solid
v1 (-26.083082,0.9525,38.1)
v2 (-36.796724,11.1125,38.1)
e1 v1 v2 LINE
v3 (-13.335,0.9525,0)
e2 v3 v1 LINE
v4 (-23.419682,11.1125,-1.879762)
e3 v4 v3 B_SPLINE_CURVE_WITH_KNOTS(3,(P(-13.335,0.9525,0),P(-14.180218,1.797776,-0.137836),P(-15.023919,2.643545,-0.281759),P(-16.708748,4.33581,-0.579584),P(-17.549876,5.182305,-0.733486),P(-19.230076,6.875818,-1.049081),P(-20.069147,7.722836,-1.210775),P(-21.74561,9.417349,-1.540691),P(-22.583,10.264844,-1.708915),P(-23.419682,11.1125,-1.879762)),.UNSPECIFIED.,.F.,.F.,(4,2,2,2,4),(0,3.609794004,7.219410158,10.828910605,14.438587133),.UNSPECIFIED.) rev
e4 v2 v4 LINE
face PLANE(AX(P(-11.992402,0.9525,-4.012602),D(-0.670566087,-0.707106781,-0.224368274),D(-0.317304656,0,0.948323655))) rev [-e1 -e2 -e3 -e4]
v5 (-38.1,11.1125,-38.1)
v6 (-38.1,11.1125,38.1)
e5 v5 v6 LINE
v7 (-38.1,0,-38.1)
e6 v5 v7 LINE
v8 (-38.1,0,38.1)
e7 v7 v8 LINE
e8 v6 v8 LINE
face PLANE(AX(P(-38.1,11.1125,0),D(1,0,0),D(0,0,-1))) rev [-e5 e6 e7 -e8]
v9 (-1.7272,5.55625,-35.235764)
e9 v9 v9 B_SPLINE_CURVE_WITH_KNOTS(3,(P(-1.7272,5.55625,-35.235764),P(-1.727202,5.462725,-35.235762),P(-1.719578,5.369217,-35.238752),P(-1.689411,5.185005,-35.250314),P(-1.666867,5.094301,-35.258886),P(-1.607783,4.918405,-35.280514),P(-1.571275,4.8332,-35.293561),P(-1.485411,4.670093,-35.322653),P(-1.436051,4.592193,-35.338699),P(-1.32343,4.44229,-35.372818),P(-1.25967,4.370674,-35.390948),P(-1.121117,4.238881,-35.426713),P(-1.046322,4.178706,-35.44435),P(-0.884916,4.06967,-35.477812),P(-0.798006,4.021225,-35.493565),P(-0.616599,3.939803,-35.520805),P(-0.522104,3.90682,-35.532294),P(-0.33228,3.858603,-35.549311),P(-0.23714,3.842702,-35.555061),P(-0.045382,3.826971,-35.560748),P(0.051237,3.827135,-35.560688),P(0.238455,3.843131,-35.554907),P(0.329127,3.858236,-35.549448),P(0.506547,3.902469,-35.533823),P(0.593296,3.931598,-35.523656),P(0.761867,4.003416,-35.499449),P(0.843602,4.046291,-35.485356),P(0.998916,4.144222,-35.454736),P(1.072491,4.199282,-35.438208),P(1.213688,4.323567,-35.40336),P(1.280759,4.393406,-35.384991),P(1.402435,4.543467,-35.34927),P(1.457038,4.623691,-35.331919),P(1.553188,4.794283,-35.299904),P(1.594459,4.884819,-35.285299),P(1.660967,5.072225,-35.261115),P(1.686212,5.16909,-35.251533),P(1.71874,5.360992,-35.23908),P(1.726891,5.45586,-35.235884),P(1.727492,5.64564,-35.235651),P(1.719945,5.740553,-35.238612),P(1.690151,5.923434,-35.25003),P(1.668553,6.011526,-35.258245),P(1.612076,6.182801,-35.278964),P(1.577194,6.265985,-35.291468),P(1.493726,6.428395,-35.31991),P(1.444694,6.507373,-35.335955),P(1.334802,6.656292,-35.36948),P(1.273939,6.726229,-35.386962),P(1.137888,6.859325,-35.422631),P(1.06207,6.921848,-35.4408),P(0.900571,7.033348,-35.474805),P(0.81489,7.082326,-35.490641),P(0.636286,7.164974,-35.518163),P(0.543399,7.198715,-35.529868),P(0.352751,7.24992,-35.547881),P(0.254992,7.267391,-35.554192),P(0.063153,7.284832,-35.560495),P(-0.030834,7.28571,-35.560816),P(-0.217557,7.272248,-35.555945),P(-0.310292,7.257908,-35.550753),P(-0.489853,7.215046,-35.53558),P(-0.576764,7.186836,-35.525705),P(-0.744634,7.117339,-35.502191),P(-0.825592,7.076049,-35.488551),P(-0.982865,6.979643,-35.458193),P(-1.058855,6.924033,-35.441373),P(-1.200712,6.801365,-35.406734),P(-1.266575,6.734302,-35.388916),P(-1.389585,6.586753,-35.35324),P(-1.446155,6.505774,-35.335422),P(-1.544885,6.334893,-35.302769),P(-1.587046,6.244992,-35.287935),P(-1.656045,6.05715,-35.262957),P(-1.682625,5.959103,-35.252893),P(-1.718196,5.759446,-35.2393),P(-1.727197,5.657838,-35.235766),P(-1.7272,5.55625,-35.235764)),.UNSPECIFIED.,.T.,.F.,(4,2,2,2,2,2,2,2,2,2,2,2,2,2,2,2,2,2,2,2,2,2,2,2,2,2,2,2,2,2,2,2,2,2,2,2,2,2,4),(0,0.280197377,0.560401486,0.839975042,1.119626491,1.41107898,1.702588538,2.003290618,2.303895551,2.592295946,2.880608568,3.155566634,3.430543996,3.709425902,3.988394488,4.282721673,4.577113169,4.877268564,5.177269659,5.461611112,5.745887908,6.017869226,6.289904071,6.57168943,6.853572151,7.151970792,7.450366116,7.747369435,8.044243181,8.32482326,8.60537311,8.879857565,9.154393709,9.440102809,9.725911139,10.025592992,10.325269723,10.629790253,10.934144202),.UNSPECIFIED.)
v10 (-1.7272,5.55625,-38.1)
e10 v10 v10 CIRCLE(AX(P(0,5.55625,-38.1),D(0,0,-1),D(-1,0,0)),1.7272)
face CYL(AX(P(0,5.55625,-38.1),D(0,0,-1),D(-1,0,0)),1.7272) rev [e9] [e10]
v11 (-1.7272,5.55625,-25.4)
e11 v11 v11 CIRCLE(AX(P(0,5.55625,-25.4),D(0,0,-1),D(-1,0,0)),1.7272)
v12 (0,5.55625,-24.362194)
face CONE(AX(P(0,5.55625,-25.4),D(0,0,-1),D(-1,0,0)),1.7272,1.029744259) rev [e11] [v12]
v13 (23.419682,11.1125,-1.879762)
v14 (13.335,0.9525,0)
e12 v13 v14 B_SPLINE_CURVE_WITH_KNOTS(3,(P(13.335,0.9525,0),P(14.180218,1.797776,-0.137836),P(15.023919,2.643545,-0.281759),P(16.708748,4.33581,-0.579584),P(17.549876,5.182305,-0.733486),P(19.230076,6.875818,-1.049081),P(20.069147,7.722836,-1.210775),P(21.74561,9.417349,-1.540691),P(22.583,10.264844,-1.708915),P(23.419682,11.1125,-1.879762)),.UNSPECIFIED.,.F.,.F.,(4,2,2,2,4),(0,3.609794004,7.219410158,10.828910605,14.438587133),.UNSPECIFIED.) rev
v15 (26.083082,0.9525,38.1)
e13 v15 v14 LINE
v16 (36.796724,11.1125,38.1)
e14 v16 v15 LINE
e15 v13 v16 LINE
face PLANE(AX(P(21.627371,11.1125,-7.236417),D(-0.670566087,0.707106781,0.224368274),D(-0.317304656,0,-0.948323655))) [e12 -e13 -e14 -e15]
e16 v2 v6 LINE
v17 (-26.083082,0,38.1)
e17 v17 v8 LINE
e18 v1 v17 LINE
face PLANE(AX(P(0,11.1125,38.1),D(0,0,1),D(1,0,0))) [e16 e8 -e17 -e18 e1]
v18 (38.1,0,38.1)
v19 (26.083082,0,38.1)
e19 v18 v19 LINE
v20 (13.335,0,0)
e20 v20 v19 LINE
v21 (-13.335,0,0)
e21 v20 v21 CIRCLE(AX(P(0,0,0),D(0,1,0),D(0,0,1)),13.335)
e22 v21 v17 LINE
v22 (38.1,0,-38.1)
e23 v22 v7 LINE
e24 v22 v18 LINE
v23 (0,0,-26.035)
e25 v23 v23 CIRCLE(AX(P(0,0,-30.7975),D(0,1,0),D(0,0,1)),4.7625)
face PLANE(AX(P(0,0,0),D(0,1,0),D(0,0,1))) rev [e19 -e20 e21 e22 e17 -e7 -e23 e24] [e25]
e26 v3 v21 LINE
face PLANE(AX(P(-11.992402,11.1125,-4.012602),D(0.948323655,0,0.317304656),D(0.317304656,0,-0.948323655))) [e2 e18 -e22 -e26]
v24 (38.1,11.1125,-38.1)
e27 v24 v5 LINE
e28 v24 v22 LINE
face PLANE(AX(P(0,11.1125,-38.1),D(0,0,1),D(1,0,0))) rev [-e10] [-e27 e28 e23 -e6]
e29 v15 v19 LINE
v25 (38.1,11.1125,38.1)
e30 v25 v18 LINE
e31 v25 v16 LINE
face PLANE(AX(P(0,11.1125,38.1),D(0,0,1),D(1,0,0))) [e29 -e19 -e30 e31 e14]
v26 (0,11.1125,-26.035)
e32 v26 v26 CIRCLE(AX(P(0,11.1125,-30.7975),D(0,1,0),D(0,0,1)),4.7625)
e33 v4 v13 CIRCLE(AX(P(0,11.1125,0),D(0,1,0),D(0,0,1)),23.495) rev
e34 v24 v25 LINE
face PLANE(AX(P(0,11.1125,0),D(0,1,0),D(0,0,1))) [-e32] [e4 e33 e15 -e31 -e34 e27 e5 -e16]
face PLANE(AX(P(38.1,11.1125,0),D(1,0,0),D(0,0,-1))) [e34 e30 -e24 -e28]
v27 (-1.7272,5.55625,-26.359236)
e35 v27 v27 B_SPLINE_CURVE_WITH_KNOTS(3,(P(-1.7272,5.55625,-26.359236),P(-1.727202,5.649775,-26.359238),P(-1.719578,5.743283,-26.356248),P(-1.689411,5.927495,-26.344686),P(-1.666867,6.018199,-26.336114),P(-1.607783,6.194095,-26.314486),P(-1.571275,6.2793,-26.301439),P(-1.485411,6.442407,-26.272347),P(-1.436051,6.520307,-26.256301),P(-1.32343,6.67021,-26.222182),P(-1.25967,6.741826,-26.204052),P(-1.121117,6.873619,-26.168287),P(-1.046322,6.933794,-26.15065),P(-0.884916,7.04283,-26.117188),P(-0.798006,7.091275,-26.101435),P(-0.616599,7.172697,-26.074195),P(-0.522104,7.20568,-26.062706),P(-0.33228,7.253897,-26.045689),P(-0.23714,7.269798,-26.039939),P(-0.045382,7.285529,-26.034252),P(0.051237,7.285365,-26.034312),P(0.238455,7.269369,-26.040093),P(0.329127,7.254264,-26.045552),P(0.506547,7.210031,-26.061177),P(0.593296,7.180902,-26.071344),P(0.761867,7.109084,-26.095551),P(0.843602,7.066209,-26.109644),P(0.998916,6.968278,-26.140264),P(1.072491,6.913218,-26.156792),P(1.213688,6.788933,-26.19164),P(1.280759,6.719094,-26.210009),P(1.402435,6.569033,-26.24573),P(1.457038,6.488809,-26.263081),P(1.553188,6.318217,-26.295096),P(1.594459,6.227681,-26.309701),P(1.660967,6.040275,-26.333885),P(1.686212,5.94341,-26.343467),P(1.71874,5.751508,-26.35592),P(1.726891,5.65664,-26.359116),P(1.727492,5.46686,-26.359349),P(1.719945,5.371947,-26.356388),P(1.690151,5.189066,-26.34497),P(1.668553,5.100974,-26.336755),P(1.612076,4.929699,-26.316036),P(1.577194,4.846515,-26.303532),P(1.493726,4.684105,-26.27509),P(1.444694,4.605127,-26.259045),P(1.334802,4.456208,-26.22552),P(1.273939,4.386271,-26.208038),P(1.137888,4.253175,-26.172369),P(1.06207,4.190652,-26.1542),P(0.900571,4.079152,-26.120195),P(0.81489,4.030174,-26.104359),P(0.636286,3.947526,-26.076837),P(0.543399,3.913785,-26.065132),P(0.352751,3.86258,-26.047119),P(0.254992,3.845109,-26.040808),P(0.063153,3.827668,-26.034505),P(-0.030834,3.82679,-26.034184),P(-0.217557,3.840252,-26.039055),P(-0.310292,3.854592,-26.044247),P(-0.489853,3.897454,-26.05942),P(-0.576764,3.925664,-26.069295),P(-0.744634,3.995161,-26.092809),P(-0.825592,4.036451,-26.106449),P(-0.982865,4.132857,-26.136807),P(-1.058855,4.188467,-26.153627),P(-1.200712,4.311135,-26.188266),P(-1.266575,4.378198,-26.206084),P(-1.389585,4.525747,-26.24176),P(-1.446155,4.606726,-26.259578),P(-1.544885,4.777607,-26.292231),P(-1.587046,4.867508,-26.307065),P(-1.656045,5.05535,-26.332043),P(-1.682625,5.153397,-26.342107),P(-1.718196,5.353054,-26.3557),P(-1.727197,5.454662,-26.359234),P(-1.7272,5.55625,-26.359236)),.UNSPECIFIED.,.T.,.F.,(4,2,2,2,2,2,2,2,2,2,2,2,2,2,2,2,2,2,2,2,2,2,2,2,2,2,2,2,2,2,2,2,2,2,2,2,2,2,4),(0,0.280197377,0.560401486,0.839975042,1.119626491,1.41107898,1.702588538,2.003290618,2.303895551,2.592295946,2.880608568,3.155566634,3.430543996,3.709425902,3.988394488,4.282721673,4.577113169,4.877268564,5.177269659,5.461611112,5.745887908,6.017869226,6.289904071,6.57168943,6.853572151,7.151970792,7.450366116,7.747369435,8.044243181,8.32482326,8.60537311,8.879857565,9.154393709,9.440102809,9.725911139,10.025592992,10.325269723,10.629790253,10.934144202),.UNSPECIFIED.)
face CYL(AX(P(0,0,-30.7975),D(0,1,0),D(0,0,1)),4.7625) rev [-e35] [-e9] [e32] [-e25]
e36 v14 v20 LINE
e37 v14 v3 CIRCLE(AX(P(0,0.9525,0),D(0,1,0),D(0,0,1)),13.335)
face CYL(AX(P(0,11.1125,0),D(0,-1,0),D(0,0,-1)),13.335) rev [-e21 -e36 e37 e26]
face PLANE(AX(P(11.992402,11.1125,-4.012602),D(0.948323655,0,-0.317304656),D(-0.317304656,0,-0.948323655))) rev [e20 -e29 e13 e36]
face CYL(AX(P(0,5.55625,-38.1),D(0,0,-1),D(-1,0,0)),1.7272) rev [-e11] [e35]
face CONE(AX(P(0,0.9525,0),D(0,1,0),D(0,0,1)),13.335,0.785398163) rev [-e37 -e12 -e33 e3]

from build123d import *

# Parameters (mm, degrees)
BOSS_EXTRUDE1_DEPTH           = 11.1125
CHAMFER1_SIZE                 = 10.16
TAP_DRILL_FOR_8_32_TAP1_D     = 3.4544
TAP_DRILL_FOR_8_32_TAP1_DEPTH = 12.7
TAP_DRILL_FOR_8_32_TAP1_TIP   = 1.037806461
SKETCH27_R                    = 4.7625
CUT_EXTRUDE1_DEPTH            = 12.1125


with BuildPart() as part:
    # Sketch1 → Boss-Extrude1 (new body)
    with BuildSketch(Plane(origin=(0, 0, 0), x_dir=(1, 0, 0), z_dir=(0, 1, 0))):
        with BuildLine():
            Line((-26.083081673, -38.1), (-13.335, 0))
            ThreePointArc((-13.335, 0), (0, 13.335), (13.335, 0))
            Line((13.335, 0), (26.083081673, -38.1))
            Line((26.083081673, -38.1), (38.1, -38.1))
            Line((38.1, -38.1), (38.1, 38.1))
            Line((38.1, 38.1), (-38.1, 38.1))
            Line((-38.1, 38.1), (-38.1, -38.1))
            Line((-38.1, -38.1), (-26.083081673, -38.1))
        make_face()
    extrude(amount=BOSS_EXTRUDE1_DEPTH)

    # Chamfer1
    chamfer1_edges = [part.edges().sort_by_distance(p)[0] for p in [
        (19.709040837, 11.1125, 19.05),
        (-19.709040837, 11.1125, 19.05),
        (0, 11.1125, -13.335),
    ]]
    chamfer(chamfer1_edges, length=CHAMFER1_SIZE)

    # Tap Drill for #8-32 Tap1
    with Locations(Plane(origin=(0, 5.55625, -38.1), x_dir=(-1, 0, 0), z_dir=(0, 0, -1))):
        with Locations((0, 0)):
            Hole(TAP_DRILL_FOR_8_32_TAP1_D / 2, depth=TAP_DRILL_FOR_8_32_TAP1_DEPTH)
            with Locations((0, 0, -(TAP_DRILL_FOR_8_32_TAP1_DEPTH + TAP_DRILL_FOR_8_32_TAP1_TIP / 2))):  # 118° drill point
                Cone(0, TAP_DRILL_FOR_8_32_TAP1_D / 2, TAP_DRILL_FOR_8_32_TAP1_TIP, mode=Mode.SUBTRACT)

    # Sketch27 → Cut-Extrude1 (cut, through all)
    with BuildSketch(Plane(origin=(0, 11.1125, 0), x_dir=(1, 0, 0), z_dir=(0, 1, 0))):
        with Locations((0, 30.7975)):
            Circle(SKETCH27_R)
    extrude(amount=-CUT_EXTRUDE1_DEPTH, mode=Mode.SUBTRACT)


solid = part.part
